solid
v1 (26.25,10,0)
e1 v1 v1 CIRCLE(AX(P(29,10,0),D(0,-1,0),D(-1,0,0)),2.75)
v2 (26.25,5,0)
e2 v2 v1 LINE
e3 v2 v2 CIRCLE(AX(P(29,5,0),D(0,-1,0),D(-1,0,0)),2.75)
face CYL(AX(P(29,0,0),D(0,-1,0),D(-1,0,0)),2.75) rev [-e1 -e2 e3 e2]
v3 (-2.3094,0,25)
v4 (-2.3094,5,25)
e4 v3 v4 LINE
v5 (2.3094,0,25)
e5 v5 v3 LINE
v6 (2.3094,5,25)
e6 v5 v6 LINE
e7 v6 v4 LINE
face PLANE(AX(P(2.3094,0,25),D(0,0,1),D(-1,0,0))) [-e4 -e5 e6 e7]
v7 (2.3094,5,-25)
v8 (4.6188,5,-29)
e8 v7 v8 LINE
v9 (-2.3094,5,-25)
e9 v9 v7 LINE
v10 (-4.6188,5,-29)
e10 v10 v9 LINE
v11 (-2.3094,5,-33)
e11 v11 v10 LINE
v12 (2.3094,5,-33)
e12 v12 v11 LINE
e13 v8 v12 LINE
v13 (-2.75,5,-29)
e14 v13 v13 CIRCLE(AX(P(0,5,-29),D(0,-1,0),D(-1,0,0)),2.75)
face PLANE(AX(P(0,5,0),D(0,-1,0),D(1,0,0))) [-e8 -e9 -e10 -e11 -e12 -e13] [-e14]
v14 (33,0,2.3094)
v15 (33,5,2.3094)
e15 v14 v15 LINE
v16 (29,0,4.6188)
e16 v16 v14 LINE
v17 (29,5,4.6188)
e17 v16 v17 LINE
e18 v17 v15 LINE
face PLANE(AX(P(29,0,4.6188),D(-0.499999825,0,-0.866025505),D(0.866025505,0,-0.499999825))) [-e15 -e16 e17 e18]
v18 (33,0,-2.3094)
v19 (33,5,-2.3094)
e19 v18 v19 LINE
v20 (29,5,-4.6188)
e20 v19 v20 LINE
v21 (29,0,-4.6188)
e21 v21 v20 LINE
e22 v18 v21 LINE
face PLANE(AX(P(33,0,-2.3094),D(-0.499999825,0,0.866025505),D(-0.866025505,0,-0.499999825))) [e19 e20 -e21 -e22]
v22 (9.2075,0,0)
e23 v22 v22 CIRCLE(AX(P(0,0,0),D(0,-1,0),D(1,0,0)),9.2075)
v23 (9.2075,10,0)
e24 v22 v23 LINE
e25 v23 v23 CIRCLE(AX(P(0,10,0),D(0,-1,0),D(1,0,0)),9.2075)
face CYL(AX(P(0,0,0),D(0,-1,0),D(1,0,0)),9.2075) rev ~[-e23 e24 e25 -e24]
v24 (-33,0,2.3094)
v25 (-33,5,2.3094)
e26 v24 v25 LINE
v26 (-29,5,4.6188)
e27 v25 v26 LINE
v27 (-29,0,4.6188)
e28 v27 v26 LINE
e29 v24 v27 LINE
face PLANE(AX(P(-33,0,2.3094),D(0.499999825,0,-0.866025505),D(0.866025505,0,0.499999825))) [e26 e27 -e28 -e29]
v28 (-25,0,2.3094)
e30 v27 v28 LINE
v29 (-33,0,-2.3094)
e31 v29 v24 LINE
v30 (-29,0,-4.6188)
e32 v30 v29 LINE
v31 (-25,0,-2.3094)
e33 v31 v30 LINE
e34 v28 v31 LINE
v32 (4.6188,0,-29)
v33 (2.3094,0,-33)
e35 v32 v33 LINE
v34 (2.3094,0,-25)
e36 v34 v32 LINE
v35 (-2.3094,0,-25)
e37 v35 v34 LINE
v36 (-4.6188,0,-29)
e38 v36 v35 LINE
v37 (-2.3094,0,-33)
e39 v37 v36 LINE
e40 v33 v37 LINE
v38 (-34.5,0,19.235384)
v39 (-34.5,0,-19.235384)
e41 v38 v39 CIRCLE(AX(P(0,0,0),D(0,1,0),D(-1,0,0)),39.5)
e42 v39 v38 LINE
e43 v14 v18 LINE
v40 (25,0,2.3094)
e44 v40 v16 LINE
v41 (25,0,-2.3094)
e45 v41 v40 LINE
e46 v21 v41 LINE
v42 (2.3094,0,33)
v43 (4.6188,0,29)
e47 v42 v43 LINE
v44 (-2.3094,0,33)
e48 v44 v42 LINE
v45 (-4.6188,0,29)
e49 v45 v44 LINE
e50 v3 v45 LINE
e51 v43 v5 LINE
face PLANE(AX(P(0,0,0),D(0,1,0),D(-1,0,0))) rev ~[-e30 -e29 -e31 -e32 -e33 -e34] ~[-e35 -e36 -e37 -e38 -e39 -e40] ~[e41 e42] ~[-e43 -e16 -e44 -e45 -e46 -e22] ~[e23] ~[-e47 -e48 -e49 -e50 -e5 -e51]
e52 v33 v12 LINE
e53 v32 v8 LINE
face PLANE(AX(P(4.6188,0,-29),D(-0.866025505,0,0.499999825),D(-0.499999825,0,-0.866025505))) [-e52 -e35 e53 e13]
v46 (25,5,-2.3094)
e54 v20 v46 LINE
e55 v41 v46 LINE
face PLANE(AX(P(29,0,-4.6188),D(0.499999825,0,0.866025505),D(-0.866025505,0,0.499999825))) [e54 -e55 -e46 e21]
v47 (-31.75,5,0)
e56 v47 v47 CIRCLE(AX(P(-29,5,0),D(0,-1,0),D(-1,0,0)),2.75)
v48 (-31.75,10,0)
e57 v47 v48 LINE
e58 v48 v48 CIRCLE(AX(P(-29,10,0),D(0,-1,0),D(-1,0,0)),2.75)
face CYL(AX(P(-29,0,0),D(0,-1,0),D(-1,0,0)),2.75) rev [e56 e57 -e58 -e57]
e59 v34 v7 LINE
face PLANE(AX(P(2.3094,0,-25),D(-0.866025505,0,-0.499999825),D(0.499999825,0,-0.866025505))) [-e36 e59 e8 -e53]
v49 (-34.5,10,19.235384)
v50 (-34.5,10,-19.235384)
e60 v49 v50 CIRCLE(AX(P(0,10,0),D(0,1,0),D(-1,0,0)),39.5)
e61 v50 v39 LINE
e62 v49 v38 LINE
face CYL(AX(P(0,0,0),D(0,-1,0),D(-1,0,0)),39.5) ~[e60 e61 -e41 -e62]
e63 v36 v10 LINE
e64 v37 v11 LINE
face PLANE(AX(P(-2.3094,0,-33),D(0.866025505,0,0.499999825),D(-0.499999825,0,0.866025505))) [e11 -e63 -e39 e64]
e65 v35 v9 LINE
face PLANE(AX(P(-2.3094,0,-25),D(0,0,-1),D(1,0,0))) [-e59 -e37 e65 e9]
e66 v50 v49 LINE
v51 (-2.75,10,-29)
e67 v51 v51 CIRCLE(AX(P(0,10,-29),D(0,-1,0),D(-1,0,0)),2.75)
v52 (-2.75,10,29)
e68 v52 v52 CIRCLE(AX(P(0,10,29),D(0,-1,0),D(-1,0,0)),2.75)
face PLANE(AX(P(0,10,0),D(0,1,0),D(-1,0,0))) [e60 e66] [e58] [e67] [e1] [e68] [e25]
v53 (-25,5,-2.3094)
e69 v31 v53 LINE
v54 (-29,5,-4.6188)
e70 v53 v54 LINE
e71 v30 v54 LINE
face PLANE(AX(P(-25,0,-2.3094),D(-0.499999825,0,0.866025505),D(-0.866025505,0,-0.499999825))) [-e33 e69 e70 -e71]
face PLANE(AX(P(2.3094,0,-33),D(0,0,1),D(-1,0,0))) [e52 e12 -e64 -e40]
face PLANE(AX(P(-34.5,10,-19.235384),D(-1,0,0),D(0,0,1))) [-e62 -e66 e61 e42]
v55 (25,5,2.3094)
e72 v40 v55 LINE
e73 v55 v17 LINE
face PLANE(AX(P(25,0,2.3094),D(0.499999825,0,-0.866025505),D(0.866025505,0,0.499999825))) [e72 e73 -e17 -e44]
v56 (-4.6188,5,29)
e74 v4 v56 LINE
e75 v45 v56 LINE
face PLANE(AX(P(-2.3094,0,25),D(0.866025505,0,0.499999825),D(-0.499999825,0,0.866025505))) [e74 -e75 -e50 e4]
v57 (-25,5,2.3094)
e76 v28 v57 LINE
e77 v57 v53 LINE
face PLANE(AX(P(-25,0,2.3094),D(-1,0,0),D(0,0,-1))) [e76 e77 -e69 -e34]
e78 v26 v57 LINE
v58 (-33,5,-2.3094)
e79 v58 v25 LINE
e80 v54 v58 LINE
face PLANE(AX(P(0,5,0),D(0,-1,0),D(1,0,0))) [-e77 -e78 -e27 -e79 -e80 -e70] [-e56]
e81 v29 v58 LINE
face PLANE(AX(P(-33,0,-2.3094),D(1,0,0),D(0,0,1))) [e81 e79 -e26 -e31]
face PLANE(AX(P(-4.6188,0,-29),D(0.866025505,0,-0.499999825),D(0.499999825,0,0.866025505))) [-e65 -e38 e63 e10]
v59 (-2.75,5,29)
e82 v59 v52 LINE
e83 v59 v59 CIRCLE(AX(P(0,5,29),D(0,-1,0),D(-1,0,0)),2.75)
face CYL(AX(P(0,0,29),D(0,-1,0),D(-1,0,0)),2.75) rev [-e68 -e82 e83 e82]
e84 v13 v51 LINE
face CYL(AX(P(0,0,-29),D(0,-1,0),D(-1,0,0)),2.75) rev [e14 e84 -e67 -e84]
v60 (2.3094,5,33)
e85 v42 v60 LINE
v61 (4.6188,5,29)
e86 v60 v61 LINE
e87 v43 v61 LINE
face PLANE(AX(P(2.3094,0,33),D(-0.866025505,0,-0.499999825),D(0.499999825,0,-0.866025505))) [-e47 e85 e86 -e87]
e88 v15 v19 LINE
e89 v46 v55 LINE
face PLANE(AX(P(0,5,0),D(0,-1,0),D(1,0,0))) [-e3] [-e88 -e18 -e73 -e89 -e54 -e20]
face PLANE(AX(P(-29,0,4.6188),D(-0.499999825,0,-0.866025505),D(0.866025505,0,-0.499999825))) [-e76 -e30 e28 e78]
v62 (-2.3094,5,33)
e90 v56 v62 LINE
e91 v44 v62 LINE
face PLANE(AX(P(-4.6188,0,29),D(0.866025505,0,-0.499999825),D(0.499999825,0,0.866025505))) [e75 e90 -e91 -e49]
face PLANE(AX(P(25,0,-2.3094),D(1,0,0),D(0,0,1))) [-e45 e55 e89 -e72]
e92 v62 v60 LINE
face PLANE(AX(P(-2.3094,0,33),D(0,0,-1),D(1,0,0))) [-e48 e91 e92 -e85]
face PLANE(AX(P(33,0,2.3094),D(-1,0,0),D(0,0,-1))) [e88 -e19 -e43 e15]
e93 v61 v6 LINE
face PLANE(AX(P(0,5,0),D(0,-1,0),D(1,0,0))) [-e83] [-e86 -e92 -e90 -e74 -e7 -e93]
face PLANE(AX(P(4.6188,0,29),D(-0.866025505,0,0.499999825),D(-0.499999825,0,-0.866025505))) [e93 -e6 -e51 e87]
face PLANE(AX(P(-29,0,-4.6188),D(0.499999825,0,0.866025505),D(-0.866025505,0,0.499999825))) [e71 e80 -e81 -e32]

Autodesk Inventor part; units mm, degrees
ref_plane "YZ Plane" through (0, 0, 0) normal (1, 0, 0) x (0, 1, 0)
ref_plane "XZ Plane" through (0, 0, 0) normal (0, 1, 0) x (-1, 0, 0)
ref_plane "XY Plane" through (0, 0, 0) normal (0, 0, 1) x (1, 0, 0)
sketch "Sketch1" plane through (0, 0, 0) normal (0, 1, 0) x (-1, 0, 0)
  circle A0 centre (0, 0) radius 39.5
  circle A1 centre (0, 0) radius 10
  circle A2 centre (0, 0) radius 29
  circle A3 centre (29, 0) radius 2.75
  circle A4 centre (0, 29) radius 2.75
  circle A5 centre (-29, 0) radius 2.75
  circle A6 centre (0, -29) radius 2.75
  dimension "d2" = 58
  dimension "d0" = 79
  dimension "d1" = 20
  dimension "d3" = 5.5
  dimension "d6" = 360
extrude "Extrusion1" add sketch "Sketch1" along normal blind 10 contours A0 | A1 | A3 A2 A6 A5 A4
sketch "Sketch3" plane through (0, 10, 0) normal (0, 1, 0) x (1, 0, 0)
  line L0 (-34.5, 50.157) -> (-34.5, -49.8555)
  circle A0 centre (0, 0) radius 39.5 projected
  point P0 (-34.5, -19.2354)
  point P1 (-34.5, 19.2354)
  dimension "d18" = 5
extrude "Extrusion3" cut sketch "Sketch3" along normal through all both and the other way through all contours L0 A0 picked at (-35.5583, 3.956)
sketch "Sketch4" plane through (0, 0, 0) normal (0, -1, 0) x (1, 0, 0)
  circle A0 centre (0, 0) radius 9.2075
  dimension "d21" = 18.415
extrude "Extrusion4" cut sketch "Sketch4" against normal through all
sketch "Sketch5" plane through (0, 0, 0) normal (0, -1, 0) x (1, 0, 0)
  line L0 (33, -2.3094) -> (29, -4.6188)
  line L1 (29, -4.6188) -> (25, -2.3094)
  line L2 (25, -2.3094) -> (25, 2.3094)
  line L3 (25, 2.3094) -> (29, 4.6188)
  line L4 (29, 4.6188) -> (33, 2.3094)
  line L5 (33, 2.3094) -> (33, -2.3094)
  circle A0 centre (29, 0) radius 2.75
  line L6 (-2.3094, 33) -> (2.3094, 33)
  line L7 (4.6188, 29) -> (2.3094, 25)
  line L8 (2.3094, 25) -> (-2.3094, 25)
  line L9 (-2.3094, 25) -> (-4.6188, 29)
  circle A1 centre (0, 29) radius 2.75
  line L10 (2.3094, 33) -> (4.6188, 29)
  line L11 (-4.6188, 29) -> (-2.3094, 33)
  line L12 (-33, -2.3094) -> (-33, 2.3094)
  line L13 (-29, 4.6188) -> (-25, 2.3094)
  line L14 (-25, 2.3094) -> (-25, -2.3094)
  line L15 (-25, -2.3094) -> (-29, -4.6188)
  circle A2 centre (-29, 0) radius 2.75
  line L16 (-33, 2.3094) -> (-29, 4.6188)
  line L17 (-29, -4.6188) -> (-33, -2.3094)
  line L18 (2.3094, -33) -> (-2.3094, -33)
  line L19 (-4.6188, -29) -> (-2.3094, -25)
  line L20 (-2.3094, -25) -> (2.3094, -25)
  line L21 (2.3094, -25) -> (4.6188, -29)
  circle A3 centre (0, -29) radius 2.75
  line L22 (-2.3094, -33) -> (-4.6188, -29)
  line L23 (4.6188, -29) -> (2.3094, -33)
  point P0 (0, 0)
  point P1 (0, 0)
  point P2 (33, 0)
  point P3 (0, 33)
  point P4 (-33, 0)
  point P5 (0, -33)
  dimension "d27" = 360
extrude "Extrusion5" cut sketch "Sketch5" against normal blind 5
properties part number "Adapter Plate"
